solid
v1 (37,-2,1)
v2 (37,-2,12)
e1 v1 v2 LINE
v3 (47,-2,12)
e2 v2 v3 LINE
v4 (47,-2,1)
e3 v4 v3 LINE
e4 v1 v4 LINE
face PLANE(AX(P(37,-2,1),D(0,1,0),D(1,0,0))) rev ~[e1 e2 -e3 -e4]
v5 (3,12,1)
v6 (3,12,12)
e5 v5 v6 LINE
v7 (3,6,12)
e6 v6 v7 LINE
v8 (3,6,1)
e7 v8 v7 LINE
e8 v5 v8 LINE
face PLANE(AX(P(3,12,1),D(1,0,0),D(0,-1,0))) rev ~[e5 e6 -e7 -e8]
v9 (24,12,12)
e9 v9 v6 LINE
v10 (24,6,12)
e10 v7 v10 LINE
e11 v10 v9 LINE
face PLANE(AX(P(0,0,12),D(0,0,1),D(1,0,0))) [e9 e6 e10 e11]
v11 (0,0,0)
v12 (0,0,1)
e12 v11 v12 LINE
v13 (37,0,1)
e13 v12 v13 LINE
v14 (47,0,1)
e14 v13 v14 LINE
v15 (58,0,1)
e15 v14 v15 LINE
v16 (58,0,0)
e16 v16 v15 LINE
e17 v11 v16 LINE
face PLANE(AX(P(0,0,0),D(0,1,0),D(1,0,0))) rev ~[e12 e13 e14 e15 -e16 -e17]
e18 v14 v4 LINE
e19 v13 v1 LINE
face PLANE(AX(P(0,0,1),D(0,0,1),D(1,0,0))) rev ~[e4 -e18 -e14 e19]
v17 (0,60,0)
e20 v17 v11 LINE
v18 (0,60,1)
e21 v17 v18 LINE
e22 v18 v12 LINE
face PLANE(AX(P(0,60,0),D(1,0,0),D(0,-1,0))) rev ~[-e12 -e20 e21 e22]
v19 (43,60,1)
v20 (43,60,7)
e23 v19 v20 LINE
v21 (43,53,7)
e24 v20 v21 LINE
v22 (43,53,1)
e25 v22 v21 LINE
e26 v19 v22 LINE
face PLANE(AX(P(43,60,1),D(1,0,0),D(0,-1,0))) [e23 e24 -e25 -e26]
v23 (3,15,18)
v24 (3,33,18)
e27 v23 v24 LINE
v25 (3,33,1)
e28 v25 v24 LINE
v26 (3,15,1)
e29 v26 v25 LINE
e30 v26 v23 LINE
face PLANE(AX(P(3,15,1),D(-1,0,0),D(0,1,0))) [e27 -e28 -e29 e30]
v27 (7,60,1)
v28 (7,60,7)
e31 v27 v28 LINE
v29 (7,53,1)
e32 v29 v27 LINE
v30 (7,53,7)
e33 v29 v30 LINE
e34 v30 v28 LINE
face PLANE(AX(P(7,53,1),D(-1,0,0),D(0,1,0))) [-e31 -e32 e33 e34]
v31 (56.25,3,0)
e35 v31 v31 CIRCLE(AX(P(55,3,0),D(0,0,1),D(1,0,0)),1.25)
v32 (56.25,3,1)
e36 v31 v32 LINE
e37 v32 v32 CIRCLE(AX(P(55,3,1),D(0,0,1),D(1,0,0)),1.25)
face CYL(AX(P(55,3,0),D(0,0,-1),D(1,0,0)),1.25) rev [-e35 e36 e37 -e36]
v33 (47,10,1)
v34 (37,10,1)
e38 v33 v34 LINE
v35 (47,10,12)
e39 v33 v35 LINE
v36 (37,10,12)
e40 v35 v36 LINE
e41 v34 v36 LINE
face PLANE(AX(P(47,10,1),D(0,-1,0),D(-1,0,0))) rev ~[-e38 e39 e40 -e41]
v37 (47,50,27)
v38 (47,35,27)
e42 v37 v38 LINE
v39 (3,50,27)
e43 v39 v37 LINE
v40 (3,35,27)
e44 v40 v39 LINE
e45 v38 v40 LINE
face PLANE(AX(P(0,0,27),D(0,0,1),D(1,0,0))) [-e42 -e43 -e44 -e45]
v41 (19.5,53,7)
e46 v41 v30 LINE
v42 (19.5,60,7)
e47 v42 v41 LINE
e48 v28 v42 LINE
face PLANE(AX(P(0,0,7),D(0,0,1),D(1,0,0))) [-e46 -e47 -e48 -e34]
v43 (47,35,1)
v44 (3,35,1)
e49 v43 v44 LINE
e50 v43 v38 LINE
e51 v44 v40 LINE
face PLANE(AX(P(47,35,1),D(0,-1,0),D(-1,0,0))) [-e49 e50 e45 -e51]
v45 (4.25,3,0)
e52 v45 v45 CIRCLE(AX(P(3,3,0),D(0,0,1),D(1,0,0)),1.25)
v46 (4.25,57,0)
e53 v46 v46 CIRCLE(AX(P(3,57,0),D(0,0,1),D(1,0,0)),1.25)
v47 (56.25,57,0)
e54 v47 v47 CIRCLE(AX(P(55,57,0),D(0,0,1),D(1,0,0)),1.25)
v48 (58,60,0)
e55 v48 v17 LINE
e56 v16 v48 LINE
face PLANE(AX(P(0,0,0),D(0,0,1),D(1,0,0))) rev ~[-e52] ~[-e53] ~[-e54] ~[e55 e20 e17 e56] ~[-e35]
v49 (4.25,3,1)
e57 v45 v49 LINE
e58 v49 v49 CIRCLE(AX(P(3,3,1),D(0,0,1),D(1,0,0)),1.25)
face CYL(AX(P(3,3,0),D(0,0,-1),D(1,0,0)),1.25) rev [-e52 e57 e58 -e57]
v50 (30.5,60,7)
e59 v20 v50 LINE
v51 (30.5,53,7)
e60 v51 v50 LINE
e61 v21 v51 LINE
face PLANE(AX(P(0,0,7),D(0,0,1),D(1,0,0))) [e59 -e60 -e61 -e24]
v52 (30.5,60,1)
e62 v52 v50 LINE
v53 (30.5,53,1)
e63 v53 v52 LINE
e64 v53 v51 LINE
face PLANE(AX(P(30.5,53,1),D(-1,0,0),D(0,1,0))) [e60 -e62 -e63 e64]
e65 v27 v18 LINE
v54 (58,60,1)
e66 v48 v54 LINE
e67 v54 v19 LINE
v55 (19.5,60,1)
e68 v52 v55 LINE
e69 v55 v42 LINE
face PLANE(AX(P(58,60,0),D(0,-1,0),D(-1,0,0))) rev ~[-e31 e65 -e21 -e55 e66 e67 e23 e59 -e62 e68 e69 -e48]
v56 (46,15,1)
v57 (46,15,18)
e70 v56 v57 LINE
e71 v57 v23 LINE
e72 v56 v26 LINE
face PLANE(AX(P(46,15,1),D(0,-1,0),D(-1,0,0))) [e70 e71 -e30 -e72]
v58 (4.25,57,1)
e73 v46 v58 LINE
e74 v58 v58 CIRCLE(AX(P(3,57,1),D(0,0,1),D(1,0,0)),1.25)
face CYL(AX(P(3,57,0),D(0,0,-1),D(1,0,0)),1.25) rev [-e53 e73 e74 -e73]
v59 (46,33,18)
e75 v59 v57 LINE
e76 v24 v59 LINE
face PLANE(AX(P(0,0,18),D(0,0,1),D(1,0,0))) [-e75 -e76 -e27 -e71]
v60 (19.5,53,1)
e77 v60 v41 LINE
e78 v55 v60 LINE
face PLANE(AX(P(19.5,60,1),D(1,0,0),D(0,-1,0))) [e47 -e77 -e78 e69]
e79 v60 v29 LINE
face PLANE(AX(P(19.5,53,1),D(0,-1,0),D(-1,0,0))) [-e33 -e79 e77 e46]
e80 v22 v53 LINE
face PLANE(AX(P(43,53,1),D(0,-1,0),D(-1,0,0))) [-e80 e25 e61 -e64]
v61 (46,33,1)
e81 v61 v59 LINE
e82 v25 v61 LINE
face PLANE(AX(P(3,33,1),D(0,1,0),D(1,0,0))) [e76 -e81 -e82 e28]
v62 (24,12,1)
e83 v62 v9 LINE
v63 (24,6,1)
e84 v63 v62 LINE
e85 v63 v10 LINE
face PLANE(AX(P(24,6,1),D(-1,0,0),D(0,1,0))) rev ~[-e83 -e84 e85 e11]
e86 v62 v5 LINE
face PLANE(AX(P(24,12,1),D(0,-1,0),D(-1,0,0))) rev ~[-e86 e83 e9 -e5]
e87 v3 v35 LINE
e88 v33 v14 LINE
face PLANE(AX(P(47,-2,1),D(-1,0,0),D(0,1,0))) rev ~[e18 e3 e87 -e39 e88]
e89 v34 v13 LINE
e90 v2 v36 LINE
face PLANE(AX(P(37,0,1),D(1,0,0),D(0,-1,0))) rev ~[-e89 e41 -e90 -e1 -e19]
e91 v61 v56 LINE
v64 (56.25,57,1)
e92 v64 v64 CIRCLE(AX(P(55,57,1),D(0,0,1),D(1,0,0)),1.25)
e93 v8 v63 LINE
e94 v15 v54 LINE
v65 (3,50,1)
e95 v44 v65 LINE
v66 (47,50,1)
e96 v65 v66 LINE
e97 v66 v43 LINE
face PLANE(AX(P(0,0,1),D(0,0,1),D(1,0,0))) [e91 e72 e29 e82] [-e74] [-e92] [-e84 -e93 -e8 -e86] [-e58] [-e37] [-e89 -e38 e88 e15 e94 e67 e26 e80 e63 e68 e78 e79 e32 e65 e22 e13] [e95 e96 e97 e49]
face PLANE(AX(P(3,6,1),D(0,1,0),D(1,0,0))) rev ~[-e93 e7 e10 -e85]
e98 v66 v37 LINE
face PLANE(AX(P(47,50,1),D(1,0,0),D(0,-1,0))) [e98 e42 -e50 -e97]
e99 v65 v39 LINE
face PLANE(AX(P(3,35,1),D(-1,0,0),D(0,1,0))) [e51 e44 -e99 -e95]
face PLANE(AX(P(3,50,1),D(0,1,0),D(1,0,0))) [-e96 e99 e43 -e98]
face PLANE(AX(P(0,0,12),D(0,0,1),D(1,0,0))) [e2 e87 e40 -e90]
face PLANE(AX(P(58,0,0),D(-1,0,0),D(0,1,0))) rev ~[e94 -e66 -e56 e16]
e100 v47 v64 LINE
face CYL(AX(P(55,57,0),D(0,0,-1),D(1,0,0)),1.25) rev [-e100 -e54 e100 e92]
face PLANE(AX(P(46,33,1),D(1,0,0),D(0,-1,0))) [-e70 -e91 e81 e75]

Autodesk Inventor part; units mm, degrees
ref_plane "YZ Plane" through (0, 0, 0) normal (1, 0, 0) x (0, 1, 0)
ref_plane "XZ Plane" through (0, 0, 0) normal (0, 1, 0) x (-1, 0, 0)
ref_plane "XY Plane" through (0, 0, 0) normal (0, 0, 1) x (1, 0, 0)
sketch "Эскиз1" plane through (0, 0, 0) normal (0, 0, 1) x (1, 0, 0)
  line L0 (0, 0) -> (58, 0)
  line L1 (58, 0) -> (58, 60)
  line L2 (58, 60) -> (0, 60)
  line L3 (0, 60) -> (0, 0)
  line L4 (0, 57) -> (58, 57) construction
  line L5 (0, 3) -> (58, 3) construction
  line L6 (3, 0) -> (3, 60) construction
  line L7 (55, 60) -> (55, 0) construction
  circle A0 centre (3, 57) radius 1.25
  circle A1 centre (55, 57) radius 1.25
  circle A2 centre (55, 3) radius 1.25
  circle A3 centre (3, 3) radius 1.25
  dimension "d0" = 58
  dimension "d1" = 60
  dimension "d2" = 52
  dimension "d3" = 54
  dimension "d4" = 3
  dimension "d5" = 3
  dimension "d6" = 2.5
extrude "Выдавливание1" add sketch "Эскиз1" along normal blind 1
sketch "Эскиз2" plane through (0, 0, 1) normal (0, 0, 1) x (1, 0, 0)
  line L0 (37, -2) -> (47, -2)
  line L1 (47, -2) -> (47, 10)
  line L2 (47, 10) -> (37, 10)
  line L3 (37, 10) -> (37, -2)
  line L4 (0, 60) -> (0, 0) projected
  line L5 (58, 0) -> (58, 60) projected
  line L6 (0, 0) -> (58, 0) projected
  dimension "d9" = 37
  dimension "d10" = 11
  dimension "d14" = 2
  dimension "d15" = 12
extrude "Выдавливание2" add sketch "Эскиз2" along normal blind 11
sketch "Эскиз3" plane through (0, 0, 1) normal (0, 0, 1) x (1, 0, 0)
  line L0 (7, 60) -> (19.5, 60)
  line L1 (19.5, 60) -> (19.5, 53)
  line L2 (19.5, 53) -> (7, 53)
  line L3 (7, 53) -> (7, 60)
  line L4 (58, 60) -> (0, 60) projected
  line L5 (0, 60) -> (0, 0) projected
  line L6 (58, 0) -> (58, 60) projected
  line L7 (30.5, 60) -> (43, 60)
  line L8 (43, 60) -> (43, 53)
  line L9 (43, 53) -> (30.5, 53)
  line L10 (30.5, 53) -> (30.5, 60)
  dimension "d16" = 7
  dimension "d18" = 15
  dimension "d19" = 12.5
  dimension "d20" = 7
extrude "Выдавливание3" add sketch "Эскиз3" along normal blind 6
sketch "Эскиз4" plane through (0, 0, 1) normal (0, 0, 1) x (1, 0, 0)
  line L0 (3, 50) -> (47, 50)
  line L1 (47, 50) -> (47, 35)
  line L2 (47, 35) -> (3, 35)
  line L3 (3, 35) -> (3, 50)
  line L4 (0, 60) -> (0, 0) projected
  line L5 (30.5, 60) -> (19.5, 60) projected
  dimension "d23" = 15
  dimension "d24" = 44
  dimension "d25" = 3
  dimension "d26" = 10
extrude "Выдавливание4" add sketch "Эскиз4" along normal blind 26
sketch "Эскиз5" plane through (0, 0, 1) normal (0, 0, 1) x (1, 0, 0)
  line L0 (3, 33) -> (46, 33)
  line L1 (46, 33) -> (46, 15)
  line L2 (46, 15) -> (3, 15)
  line L3 (3, 15) -> (3, 33)
  line L4 (0, 0) -> (37, 0) projected
  line L5 (0, 60) -> (0, 0) projected
  line L6 (58, 0) -> (58, 60) projected
  dimension "d29" = 15
  dimension "d30" = 3
  dimension "d31" = 18
  dimension "d32" = 12
extrude "Выдавливание5" add sketch "Эскиз5" along normal blind 17
sketch "Эскиз6" plane through (0, 0, 1) normal (0, 0, 1) x (1, 0, 0)
  line L0 (24, 12) -> (3, 12)
  line L1 (3, 12) -> (3, 6)
  line L2 (3, 6) -> (24, 6)
  line L3 (24, 6) -> (24, 12)
  line L4 (0, 0) -> (37, 0) projected
  line L5 (0, 60) -> (0, 0) projected
  dimension "d35" = 6
  dimension "d36" = 3
  dimension "d37" = 6
  dimension "d38" = 21
extrude "Выдавливание6" add sketch "Эскиз6" along normal blind 11
properties part number "Плата"
